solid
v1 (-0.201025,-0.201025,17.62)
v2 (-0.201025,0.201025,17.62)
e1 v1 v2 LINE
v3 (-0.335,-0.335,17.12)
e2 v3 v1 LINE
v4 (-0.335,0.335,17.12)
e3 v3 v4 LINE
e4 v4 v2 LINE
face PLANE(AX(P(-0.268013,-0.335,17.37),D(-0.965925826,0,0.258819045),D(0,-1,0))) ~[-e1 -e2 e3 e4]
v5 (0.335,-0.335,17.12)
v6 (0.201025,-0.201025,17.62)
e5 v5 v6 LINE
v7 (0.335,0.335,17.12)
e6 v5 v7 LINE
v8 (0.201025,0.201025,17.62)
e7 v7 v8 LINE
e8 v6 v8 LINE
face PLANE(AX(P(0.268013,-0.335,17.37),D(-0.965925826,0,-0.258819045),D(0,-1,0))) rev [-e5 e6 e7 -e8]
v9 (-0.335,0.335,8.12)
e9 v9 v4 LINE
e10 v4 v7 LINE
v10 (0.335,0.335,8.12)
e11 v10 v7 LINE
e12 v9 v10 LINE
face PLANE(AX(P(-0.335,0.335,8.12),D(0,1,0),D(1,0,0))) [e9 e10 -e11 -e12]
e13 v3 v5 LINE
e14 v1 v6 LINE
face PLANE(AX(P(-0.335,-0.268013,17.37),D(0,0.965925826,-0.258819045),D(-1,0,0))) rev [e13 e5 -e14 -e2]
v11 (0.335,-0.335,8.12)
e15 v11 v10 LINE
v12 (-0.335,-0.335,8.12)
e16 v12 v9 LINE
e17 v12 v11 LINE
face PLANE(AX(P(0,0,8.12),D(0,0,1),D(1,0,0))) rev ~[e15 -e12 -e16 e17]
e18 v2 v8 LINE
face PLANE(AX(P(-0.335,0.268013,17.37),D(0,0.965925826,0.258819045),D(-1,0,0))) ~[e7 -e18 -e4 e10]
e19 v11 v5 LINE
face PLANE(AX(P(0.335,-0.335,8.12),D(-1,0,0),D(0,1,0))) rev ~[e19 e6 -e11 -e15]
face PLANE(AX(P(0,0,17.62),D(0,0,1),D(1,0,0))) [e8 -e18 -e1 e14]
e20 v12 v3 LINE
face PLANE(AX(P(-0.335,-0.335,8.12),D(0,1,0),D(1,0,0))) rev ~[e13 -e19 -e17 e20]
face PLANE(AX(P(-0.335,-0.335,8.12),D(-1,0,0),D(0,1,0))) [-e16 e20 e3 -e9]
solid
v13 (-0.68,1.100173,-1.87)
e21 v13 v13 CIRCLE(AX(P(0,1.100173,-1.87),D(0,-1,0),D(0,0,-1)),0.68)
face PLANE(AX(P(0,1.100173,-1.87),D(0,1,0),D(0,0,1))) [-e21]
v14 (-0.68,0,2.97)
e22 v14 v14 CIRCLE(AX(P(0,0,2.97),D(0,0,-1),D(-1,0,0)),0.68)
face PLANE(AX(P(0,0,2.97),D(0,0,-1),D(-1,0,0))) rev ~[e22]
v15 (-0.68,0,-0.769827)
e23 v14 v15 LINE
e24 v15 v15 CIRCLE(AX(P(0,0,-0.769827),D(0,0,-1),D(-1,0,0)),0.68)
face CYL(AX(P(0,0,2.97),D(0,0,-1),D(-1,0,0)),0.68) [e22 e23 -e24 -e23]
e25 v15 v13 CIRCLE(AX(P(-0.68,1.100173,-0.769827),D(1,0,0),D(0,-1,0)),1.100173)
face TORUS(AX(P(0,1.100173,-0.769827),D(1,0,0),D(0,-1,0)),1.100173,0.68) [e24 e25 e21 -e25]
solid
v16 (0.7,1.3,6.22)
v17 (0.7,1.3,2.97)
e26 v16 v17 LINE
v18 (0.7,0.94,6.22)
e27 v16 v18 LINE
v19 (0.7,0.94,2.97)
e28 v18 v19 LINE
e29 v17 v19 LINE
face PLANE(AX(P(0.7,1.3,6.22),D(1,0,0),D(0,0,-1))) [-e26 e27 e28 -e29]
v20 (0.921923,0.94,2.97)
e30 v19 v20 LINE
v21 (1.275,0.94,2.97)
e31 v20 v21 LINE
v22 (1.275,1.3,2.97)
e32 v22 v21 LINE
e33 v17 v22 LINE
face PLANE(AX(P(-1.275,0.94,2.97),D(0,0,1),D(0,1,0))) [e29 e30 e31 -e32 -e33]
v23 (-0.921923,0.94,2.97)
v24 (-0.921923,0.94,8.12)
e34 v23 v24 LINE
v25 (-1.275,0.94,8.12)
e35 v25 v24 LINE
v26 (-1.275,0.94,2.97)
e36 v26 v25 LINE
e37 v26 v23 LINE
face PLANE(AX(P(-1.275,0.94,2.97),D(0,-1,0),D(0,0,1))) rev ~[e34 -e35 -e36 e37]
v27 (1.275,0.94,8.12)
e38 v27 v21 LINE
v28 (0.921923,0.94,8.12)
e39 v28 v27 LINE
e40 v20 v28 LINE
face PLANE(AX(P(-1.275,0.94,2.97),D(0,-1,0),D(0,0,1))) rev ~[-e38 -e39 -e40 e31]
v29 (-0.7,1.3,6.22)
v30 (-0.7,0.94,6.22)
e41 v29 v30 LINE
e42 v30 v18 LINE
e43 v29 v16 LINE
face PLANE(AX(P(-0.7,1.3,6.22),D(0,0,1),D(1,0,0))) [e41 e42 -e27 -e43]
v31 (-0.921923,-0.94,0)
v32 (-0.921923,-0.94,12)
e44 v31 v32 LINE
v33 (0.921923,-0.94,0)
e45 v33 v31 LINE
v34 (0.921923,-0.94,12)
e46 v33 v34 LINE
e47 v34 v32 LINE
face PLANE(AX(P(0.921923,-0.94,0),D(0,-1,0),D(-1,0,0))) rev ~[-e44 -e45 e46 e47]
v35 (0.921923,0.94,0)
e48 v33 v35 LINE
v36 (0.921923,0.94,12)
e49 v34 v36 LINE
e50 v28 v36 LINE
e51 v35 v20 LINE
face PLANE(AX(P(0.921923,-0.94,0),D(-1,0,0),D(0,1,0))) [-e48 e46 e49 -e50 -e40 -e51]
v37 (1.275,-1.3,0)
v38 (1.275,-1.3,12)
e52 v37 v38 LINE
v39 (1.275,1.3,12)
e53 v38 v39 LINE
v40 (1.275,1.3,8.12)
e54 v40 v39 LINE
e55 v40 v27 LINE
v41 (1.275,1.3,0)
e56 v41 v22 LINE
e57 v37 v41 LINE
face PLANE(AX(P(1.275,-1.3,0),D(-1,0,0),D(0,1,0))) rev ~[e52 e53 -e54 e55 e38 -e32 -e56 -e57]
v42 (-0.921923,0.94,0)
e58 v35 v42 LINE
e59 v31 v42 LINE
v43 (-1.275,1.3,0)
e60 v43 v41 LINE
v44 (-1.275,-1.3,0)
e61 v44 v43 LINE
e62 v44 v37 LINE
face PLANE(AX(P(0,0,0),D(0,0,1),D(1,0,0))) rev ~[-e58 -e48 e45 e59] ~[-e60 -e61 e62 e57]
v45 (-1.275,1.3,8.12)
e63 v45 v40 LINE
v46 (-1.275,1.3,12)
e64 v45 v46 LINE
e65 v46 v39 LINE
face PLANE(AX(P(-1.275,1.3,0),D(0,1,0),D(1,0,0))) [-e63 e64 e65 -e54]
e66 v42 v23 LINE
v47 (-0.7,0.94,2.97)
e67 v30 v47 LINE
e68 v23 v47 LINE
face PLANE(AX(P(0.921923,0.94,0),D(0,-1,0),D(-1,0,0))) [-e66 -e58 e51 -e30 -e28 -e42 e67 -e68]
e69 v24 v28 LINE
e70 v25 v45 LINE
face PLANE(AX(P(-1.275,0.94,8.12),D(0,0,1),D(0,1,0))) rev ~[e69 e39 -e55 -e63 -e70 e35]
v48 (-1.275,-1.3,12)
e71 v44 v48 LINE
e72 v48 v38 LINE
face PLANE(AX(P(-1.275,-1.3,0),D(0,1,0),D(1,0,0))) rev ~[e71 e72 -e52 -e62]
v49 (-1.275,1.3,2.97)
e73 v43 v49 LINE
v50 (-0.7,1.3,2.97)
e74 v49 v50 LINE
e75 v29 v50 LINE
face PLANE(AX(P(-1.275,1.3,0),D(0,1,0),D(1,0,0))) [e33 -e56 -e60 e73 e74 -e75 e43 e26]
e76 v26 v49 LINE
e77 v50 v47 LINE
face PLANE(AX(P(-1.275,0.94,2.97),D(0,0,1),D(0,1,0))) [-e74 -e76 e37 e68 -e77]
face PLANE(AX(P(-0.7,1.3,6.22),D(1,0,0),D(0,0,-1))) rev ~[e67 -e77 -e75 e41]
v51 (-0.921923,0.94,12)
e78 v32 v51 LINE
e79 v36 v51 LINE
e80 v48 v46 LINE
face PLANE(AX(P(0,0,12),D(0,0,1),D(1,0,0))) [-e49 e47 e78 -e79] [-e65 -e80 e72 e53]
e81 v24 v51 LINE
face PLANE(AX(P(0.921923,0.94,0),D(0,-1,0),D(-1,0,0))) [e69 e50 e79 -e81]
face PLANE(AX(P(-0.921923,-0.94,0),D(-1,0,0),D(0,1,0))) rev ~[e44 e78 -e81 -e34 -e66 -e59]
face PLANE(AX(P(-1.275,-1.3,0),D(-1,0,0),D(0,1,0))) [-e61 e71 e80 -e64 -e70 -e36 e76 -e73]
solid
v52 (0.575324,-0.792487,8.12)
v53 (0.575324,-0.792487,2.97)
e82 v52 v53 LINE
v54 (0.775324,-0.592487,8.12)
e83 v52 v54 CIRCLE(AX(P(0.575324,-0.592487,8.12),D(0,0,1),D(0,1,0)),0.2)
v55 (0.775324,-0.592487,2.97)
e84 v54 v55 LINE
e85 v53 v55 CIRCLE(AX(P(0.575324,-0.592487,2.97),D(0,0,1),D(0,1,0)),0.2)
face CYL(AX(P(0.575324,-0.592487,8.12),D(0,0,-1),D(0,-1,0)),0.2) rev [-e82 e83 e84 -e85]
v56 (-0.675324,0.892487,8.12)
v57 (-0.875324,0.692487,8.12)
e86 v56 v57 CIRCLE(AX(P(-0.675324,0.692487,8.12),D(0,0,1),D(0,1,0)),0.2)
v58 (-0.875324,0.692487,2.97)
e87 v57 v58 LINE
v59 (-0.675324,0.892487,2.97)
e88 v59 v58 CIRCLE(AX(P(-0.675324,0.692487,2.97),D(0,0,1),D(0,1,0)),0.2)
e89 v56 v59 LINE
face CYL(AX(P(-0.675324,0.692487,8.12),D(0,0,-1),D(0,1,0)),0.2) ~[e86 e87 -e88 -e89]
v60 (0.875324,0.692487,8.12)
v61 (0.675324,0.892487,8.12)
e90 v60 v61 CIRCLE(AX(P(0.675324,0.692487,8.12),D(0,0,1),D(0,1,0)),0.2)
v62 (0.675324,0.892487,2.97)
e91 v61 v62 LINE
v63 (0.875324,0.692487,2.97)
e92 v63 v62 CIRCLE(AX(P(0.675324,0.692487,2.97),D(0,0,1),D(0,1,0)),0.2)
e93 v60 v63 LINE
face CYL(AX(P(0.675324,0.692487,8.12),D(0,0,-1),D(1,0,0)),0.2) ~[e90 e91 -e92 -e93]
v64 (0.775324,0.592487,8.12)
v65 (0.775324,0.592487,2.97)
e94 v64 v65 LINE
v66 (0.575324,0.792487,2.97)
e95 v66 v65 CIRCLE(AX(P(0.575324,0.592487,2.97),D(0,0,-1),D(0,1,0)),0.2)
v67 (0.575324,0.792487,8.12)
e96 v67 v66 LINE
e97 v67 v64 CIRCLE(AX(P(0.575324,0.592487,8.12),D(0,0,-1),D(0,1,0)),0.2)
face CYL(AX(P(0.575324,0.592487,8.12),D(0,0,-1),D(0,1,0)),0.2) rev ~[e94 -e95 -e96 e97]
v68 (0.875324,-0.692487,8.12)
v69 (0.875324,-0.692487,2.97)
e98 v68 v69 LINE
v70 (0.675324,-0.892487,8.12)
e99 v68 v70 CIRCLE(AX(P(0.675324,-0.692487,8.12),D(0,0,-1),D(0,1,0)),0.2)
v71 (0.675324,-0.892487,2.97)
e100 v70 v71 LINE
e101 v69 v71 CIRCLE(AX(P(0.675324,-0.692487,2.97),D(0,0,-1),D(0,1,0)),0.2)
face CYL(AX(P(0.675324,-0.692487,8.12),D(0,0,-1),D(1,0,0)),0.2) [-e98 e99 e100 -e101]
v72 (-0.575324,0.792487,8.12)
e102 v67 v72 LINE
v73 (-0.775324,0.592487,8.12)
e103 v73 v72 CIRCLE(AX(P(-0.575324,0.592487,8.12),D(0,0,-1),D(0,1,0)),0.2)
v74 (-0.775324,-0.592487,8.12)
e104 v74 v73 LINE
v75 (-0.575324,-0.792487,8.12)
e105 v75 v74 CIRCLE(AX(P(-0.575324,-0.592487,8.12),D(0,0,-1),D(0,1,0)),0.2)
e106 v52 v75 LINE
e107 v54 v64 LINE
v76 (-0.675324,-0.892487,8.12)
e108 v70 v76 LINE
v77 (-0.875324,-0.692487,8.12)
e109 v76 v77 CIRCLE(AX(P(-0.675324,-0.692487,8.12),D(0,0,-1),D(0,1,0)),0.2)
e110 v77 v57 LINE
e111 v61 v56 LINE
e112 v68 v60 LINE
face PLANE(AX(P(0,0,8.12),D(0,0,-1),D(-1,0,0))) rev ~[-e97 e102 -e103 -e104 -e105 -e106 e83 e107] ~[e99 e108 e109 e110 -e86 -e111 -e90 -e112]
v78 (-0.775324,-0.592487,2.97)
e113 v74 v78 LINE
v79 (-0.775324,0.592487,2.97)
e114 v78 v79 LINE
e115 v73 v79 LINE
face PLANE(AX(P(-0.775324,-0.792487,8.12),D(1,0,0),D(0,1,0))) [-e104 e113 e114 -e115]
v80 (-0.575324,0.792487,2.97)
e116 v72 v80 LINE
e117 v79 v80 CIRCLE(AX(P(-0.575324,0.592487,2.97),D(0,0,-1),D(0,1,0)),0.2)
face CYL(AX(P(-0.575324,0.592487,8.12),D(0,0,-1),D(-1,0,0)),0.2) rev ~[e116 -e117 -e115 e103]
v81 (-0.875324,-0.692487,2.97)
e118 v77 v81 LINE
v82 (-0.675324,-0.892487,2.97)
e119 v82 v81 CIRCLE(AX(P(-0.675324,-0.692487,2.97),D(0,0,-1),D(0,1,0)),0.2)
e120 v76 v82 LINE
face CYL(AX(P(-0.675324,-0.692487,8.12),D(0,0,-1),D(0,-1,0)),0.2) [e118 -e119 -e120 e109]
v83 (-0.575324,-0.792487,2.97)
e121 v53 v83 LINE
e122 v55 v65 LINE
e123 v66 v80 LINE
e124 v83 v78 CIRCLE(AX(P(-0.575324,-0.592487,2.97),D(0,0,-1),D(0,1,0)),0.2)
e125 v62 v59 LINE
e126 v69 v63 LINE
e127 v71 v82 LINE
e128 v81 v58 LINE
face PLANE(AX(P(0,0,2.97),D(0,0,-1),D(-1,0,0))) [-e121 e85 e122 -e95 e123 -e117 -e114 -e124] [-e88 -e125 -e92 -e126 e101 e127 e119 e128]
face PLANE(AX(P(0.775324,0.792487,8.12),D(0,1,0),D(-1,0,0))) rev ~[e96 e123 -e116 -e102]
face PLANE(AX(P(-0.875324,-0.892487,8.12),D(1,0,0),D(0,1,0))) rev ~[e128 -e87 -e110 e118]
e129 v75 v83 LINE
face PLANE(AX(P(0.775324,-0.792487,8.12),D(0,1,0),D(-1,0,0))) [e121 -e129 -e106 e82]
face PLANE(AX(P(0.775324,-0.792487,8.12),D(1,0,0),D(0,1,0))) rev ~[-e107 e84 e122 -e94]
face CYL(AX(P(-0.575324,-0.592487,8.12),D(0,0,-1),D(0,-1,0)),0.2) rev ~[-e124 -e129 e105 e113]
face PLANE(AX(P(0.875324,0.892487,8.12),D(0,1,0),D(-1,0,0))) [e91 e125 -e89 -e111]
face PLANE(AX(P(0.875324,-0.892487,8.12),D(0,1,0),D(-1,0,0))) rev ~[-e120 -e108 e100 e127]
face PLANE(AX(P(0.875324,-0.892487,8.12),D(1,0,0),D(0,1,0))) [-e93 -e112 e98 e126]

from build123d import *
from OCP.BRepFilletAPI import BRepFilletAPI_MakeChamfer

# Parameters (mm, degrees)
SKETCH1_W           = 2.55
SKETCH1_H           = 2.6
SKETCH1_W_2         = 0.99
SKETCH1_H_2         = 1.04
BOSS_EXTRUDE1_DEPTH = 12
CUT_EXTRUDE1_REACH  = 14.337
SKETCH2_W           = 5.15
SKETCH2_H           = 0.36
SKETCH3_W           = 1.843846154
SKETCH3_H           = 1.88
CUT_EXTRUDE2_DEPTH  = 12
SKETCH4_W           = 1.4
SKETCH4_H           = 3.25
BOSS_EXTRUDE2_DEPTH = 0.36
SKETCH5_W           = 1.750648116
SKETCH5_H           = 1.78497455
SKETCH5_W_2         = 1.550648116
SKETCH5_H_2         = 1.58497455
BOSS_EXTRUDE3_DEPTH = 5.15
FILLET1_R           = 0.2
FILLET2_R           = 0.2
SKETCH7_R           = 0.68
SKETCH8_W           = 0.67
SKETCH8_H           = 0.67
BOSS_EXTRUDE4_DEPTH = 9.5
CHAMFER1_SIZE       = 0.5
CHAMFER1_SIZE2      = 0.133974596


with BuildPart() as part:
    # Sketch1 → Boss-Extrude1 (new body)
    with BuildSketch(Plane.XY):
        Rectangle(SKETCH1_W, SKETCH1_H)
        Rectangle(SKETCH1_W_2, SKETCH1_H_2, mode=Mode.SUBTRACT)
    extrude(amount=BOSS_EXTRUDE1_DEPTH)

    # Sketch2 → Cut-Extrude1 (cut, up to next)
    with BuildSketch(Plane.ZY.offset(1.275), mode=Mode.PRIVATE) as cut_extrude1_sk1:
        with Locations((5.545, 1.12)):
            Rectangle(SKETCH2_W, SKETCH2_H)
    cut_extrude1_tool1 = extrude(cut_extrude1_sk1.sketch, amount=-CUT_EXTRUDE1_REACH, mode=Mode.PRIVATE) & part.part
    add(cut_extrude1_tool1.solids().sort_by_distance((-1.275, 1.12, 5.545))[0], mode=Mode.SUBTRACT)

    # Sketch3 → Cut-Extrude2 (cut)
    with BuildSketch(Plane(origin=(0, 0, 0), x_dir=(-1, 0, 0), z_dir=(0, 0, -1))):
        Rectangle(SKETCH3_W, SKETCH3_H)
    extrude(amount=-CUT_EXTRUDE2_DEPTH, mode=Mode.SUBTRACT)

    # Sketch4 → Boss-Extrude2 (add)
    with BuildSketch(Plane(origin=(0, 1.3, 0), x_dir=(1, 0, 0), z_dir=(0, 1, 0))):
        with Locations((0, -4.595)):
            Rectangle(SKETCH4_W, SKETCH4_H)
    extrude(amount=-BOSS_EXTRUDE2_DEPTH)


with BuildPart() as body_2:
    # Sketch5 → Boss-Extrude3 (new body)
    with BuildSketch(Plane(origin=(0, 0, 8.12), x_dir=(-1, 0, 0), z_dir=(0, 0, -1))):
        Rectangle(SKETCH5_W, SKETCH5_H)
        Rectangle(SKETCH5_W_2, SKETCH5_H_2, mode=Mode.SUBTRACT)
    extrude(amount=BOSS_EXTRUDE3_DEPTH)

    # Fillet1
    fillet1_edges = [body_2.edges().sort_by_distance(p)[0] for p in [
        (-0.775324058, 0.792487275, 5.545),
        (0.775324058, 0.792487275, 5.545),
        (-0.775324058, -0.792487275, 5.545),
        (0.775324058, -0.792487275, 5.545),
    ]]
    fillet(fillet1_edges, radius=FILLET1_R)

    # Fillet2
    fillet2_edges = [body_2.edges().sort_by_distance(p)[0] for p in [
        (0.875324058, 0.892487275, 5.545),
        (-0.875324058, 0.892487275, 5.545),
        (-0.875324058, -0.892487275, 5.545),
        (0.875324058, -0.892487275, 5.545),
    ]]
    fillet(fillet2_edges, radius=FILLET2_R)


with BuildPart() as body_3:
    # Sweep2: sweep along a path in Sketch6
    with BuildLine(Plane(origin=(0, 0, 0), x_dir=(0, 0, -1), z_dir=(1, 0, 0))) as sweep2_path:
        Line((-2.97, 0), (0.769827469, 0))
        ThreePointArc((0.769827469, 0), (1.547766926, 0.322233074), (1.87, 1.100172531))
    # Sketch7 → Sweep2 (sweep)
    with BuildSketch(Plane(origin=(0, 0, 2.97), x_dir=(-1, 0, 0), z_dir=(0, 0, -1))):
        Circle(SKETCH7_R)
    sweep(path=sweep2_path.line)


with BuildPart() as body_4:
    # Sketch8 → Boss-Extrude4 (new body)
    with BuildSketch(Plane.XY.offset(8.12)):
        Rectangle(SKETCH8_W, SKETCH8_H)
    extrude(amount=BOSS_EXTRUDE4_DEPTH)

    # Chamfer1: one chamfer whose edges measure the first distance from different faces: ONE call of the kernel's chamfer builder (chamfer() names one face for all edges)
    chamfer1_edges_1 = [body_4.edges().sort_by_distance(p)[0] for p in [
        (0, -0.335, 17.62),
    ]]
    chamfer1_side_1 = [body_4.faces().sort_by_distance(p)[0] for p in [
        (0, -0.335, 12.87),
    ]]
    chamfer1_edges_2 = [body_4.edges().sort_by_distance(p)[0] for p in [
        (0.335, 0, 17.62),
    ]]
    chamfer1_side_2 = [body_4.faces().sort_by_distance(p)[0] for p in [
        (0.335, 0, 12.87),
    ]]
    chamfer1_edges_3 = [body_4.edges().sort_by_distance(p)[0] for p in [
        (0, 0.335, 17.62),
    ]]
    chamfer1_side_3 = [body_4.faces().sort_by_distance(p)[0] for p in [
        (0, 0.335, 12.87),
    ]]
    chamfer1_edges_4 = [body_4.edges().sort_by_distance(p)[0] for p in [
        (-0.335, 0, 17.62),
    ]]
    chamfer1_side_4 = [body_4.faces().sort_by_distance(p)[0] for p in [
        (-0.335, 0, 12.87),
    ]]
    chamfer1 = BRepFilletAPI_MakeChamfer(body_4.part.solid().wrapped)
    for e in chamfer1_edges_1:
        chamfer1.Add(CHAMFER1_SIZE, CHAMFER1_SIZE2, e.wrapped, chamfer1_side_1[0].wrapped)  # the first distance lies on this face
    for e in chamfer1_edges_2:
        chamfer1.Add(CHAMFER1_SIZE, CHAMFER1_SIZE2, e.wrapped, chamfer1_side_2[0].wrapped)  # the first distance lies on this face
    for e in chamfer1_edges_3:
        chamfer1.Add(CHAMFER1_SIZE, CHAMFER1_SIZE2, e.wrapped, chamfer1_side_3[0].wrapped)  # the first distance lies on this face
    for e in chamfer1_edges_4:
        chamfer1.Add(CHAMFER1_SIZE, CHAMFER1_SIZE2, e.wrapped, chamfer1_side_4[0].wrapped)  # the first distance lies on this face
    add(Compound.cast(chamfer1.Shape()), mode=Mode.REPLACE)


solid = Compound([part.part, body_2.part, body_3.part, body_4.part])
